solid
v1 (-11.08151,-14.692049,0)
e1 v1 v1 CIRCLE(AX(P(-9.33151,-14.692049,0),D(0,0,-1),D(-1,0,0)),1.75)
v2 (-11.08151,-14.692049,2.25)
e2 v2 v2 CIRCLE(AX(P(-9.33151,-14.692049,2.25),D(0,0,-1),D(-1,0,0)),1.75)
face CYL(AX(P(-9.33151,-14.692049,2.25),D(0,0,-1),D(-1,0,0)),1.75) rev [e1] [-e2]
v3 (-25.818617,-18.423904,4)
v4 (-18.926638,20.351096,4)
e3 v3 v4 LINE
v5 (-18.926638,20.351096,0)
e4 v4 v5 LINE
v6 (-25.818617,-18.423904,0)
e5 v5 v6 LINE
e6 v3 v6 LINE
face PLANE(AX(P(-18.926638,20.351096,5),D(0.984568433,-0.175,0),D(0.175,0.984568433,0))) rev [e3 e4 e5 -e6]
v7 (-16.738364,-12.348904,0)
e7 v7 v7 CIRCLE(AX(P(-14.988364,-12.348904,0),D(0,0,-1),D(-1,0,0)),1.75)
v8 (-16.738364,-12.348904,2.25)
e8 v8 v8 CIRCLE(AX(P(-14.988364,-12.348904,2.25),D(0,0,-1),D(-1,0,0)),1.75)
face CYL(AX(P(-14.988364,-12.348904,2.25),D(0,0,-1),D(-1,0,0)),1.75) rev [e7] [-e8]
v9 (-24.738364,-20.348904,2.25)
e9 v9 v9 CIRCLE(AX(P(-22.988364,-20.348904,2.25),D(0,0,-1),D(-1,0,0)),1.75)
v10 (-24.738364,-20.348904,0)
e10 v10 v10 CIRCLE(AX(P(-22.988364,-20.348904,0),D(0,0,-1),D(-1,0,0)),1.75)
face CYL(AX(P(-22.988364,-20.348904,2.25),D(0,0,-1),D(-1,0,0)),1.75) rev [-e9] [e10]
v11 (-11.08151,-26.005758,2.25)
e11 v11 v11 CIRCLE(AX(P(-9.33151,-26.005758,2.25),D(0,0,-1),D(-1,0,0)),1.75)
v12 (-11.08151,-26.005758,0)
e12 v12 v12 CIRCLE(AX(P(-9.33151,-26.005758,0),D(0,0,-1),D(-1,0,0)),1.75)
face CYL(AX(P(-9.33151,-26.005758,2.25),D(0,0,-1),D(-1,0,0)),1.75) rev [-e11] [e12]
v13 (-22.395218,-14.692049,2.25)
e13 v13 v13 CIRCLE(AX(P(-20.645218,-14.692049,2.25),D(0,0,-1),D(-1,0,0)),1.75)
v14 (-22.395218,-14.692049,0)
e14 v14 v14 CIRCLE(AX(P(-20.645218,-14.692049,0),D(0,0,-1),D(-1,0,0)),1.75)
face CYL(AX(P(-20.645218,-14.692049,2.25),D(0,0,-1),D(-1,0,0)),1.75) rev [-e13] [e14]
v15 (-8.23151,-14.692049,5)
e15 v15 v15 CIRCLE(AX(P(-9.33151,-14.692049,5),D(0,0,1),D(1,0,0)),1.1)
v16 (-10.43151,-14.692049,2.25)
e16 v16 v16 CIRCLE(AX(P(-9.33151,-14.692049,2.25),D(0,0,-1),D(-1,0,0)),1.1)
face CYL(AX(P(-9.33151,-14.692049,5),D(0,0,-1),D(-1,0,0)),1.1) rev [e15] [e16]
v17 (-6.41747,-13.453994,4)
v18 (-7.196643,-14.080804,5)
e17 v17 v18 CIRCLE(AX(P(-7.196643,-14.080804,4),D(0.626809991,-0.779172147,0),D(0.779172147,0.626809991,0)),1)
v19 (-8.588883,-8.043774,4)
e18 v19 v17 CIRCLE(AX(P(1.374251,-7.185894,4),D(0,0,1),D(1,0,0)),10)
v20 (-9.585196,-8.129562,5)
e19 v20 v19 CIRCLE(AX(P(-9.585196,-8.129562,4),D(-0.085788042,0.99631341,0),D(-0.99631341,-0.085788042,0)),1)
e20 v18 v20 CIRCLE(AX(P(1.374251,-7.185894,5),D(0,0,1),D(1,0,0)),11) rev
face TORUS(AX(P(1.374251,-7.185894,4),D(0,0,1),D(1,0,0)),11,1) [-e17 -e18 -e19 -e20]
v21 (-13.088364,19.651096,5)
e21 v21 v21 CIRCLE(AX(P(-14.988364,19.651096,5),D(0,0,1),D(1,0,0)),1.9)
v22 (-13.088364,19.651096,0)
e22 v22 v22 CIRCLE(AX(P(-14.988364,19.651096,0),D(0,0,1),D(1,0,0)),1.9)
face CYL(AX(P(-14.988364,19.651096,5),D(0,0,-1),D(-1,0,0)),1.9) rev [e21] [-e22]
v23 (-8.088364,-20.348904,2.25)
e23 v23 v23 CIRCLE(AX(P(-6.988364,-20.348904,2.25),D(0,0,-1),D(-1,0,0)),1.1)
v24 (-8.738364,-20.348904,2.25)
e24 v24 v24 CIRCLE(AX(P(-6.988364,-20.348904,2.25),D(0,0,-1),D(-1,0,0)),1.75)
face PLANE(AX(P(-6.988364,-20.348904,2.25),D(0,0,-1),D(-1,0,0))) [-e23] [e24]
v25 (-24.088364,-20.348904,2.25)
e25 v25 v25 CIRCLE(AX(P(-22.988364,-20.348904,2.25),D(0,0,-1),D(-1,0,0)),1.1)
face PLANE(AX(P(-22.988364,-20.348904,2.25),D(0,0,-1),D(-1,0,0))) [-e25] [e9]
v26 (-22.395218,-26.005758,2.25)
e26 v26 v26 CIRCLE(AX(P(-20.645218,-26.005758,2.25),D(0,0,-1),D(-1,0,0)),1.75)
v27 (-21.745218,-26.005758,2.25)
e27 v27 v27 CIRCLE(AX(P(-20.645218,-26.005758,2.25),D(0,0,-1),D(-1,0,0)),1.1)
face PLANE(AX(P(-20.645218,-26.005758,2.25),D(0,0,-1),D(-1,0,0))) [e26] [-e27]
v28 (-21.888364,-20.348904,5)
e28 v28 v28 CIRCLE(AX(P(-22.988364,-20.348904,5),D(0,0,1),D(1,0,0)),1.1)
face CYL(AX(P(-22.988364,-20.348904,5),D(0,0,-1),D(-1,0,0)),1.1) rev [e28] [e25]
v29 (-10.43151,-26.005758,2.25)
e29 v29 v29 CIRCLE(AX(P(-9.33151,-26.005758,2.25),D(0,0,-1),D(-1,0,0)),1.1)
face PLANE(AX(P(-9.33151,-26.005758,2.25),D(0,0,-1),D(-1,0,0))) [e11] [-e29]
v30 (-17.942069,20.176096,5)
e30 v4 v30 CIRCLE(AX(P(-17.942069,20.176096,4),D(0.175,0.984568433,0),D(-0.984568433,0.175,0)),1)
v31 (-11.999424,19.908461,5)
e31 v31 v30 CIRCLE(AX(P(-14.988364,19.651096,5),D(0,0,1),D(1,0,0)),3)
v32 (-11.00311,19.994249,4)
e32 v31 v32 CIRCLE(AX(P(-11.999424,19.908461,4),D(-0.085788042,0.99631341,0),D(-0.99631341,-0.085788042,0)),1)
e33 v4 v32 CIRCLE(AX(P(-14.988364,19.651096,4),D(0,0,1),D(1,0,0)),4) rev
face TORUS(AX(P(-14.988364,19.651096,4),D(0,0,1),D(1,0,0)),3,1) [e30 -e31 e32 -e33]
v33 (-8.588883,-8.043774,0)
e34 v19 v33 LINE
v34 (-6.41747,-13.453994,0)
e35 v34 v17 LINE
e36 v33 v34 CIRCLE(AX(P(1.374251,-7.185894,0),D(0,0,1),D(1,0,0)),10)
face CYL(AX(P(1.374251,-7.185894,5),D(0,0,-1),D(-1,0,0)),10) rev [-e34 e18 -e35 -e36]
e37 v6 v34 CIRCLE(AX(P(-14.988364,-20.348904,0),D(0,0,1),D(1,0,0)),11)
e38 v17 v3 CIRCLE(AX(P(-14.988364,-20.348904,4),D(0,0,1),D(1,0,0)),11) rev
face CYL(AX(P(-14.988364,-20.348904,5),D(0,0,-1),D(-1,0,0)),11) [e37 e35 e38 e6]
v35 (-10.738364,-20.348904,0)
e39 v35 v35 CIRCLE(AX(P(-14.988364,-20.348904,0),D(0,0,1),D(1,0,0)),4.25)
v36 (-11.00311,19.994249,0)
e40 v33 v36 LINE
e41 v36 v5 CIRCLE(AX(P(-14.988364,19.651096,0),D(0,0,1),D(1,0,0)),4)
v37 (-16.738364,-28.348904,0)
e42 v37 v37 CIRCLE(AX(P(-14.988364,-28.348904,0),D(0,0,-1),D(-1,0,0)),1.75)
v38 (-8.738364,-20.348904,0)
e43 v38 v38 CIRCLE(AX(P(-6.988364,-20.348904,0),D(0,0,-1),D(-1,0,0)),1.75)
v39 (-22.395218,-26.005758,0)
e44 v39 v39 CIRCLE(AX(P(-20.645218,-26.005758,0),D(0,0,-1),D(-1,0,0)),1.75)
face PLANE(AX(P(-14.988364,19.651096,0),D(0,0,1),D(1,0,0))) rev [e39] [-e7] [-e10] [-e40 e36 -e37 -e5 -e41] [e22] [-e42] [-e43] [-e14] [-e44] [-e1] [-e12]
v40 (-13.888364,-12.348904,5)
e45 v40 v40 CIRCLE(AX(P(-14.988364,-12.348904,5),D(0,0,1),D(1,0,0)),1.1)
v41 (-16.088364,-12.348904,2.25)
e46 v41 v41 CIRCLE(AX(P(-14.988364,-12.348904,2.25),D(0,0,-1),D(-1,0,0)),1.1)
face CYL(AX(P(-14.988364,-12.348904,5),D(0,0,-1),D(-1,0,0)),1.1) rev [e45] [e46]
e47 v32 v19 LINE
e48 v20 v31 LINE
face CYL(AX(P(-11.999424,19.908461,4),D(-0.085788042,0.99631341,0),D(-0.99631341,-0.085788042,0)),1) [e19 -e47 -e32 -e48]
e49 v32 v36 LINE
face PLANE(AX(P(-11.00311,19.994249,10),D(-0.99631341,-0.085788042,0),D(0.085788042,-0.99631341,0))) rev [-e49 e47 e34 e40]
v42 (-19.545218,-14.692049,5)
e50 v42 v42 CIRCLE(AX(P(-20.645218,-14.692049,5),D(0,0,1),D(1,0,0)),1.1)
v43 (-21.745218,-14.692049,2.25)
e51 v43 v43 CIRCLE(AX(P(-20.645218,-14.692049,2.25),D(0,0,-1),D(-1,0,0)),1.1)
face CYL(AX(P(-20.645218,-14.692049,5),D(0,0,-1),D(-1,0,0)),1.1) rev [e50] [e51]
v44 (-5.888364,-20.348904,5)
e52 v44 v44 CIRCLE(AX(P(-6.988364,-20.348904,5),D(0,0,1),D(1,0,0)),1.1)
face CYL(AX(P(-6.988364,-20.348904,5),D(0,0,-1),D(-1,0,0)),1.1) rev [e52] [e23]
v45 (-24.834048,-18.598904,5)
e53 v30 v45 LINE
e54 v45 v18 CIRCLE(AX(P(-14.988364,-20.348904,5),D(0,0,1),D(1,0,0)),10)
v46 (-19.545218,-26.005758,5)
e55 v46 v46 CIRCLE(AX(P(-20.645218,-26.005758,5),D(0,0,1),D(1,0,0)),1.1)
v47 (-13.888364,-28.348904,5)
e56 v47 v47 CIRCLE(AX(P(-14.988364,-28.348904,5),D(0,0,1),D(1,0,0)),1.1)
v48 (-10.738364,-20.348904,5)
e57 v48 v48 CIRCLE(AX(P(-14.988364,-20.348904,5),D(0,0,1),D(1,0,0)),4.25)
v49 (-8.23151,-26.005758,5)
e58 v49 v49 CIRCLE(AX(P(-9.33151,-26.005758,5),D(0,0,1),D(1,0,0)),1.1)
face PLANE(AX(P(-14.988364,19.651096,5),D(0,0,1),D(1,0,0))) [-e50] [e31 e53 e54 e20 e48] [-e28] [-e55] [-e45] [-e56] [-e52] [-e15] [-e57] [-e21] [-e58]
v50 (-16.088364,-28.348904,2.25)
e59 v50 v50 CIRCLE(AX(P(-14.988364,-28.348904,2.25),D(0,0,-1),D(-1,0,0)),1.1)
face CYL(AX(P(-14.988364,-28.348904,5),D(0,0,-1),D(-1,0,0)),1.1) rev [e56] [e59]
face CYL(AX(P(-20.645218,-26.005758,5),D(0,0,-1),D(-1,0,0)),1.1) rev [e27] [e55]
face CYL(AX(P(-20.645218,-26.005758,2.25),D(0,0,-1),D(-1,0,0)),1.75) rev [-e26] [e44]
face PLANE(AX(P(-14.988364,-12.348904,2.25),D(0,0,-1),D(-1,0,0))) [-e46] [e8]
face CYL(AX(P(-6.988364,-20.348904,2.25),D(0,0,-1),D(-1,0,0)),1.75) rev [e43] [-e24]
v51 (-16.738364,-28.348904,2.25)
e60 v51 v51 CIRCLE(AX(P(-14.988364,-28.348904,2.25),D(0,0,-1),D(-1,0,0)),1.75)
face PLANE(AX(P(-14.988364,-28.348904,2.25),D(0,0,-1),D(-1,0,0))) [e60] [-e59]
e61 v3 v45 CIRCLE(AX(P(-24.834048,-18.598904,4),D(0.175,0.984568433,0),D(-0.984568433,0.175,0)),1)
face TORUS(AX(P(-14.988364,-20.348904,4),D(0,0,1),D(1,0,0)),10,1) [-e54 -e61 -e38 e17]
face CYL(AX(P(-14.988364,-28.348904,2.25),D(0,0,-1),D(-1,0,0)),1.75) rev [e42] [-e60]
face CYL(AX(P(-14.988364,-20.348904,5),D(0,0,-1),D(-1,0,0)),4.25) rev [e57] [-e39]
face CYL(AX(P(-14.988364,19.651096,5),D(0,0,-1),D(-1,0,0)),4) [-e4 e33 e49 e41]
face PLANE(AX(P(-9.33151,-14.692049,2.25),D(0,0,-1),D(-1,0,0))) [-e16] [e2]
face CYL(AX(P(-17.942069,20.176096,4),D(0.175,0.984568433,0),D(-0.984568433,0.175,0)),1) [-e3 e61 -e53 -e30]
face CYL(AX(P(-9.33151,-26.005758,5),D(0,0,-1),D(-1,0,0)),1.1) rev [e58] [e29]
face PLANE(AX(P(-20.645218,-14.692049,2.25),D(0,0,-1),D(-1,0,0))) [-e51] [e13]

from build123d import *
from build123d.topology import SkipClean

# Parameters (mm, degrees)
SKETCH1_R             = 1.9
SKETCH1_R_2           = 4.25
SKETCH1_R_3           = 1.1
BOSS_EXTRUDE1_DEPTH   = 5
SKETCH4_R             = 1.75
CUT_EXTRUDE3_DEPTH    = 2.25
CORTAR_EXTRUIR1_DEPTH = 10
REDONDEO1_R           = 10
REDONDEO3_R           = 1


with BuildPart() as part:
    # Sketch1 → Boss-Extrude1 (new body)
    with BuildSketch(Plane.XY):
        with BuildLine():
            Line((-18.926637777, 20.351096398), (-25.818616811, -18.423903602))
            ThreePointArc((-25.818616811, -18.423903602), (-14.988364044, -31.348903602), (-4.158111277, -18.423903602))
            Line((-4.158111277, -18.423903602), (-11.05009031, 20.351096398))
            ThreePointArc((-11.05009031, 20.351096398), (-14.988364044, 23.651096398), (-18.926637777, 20.351096398))
        make_face()
        with Locations((-14.988364044, 19.651096398)):
            Circle(SKETCH1_R, mode=Mode.SUBTRACT)
        with Locations((-14.988364044, -20.348903602)):
            Circle(SKETCH1_R_2, mode=Mode.SUBTRACT)
        with Locations((-6.988364044, -20.348903602)):
            Circle(SKETCH1_R_3, mode=Mode.SUBTRACT)
        with Locations((-9.331509794, -26.005757851)):
            Circle(SKETCH1_R_3, mode=Mode.SUBTRACT)
        with Locations((-14.988364044, -28.348903602)):
            Circle(SKETCH1_R_3, mode=Mode.SUBTRACT)
        with Locations((-20.645218293, -26.005757851)):
            Circle(SKETCH1_R_3, mode=Mode.SUBTRACT)
        with Locations((-22.988364044, -20.348903602)):
            Circle(SKETCH1_R_3, mode=Mode.SUBTRACT)
        with Locations((-20.645218293, -14.692049352)):
            Circle(SKETCH1_R_3, mode=Mode.SUBTRACT)
        with Locations((-14.988364044, -12.348903602)):
            Circle(SKETCH1_R_3, mode=Mode.SUBTRACT)
        with Locations((-9.331509794, -14.692049352)):
            Circle(SKETCH1_R_3, mode=Mode.SUBTRACT)
    extrude(amount=BOSS_EXTRUDE1_DEPTH)

    # Sketch4 → Cut-Extrude3 (cut)
    with BuildSketch(Plane(origin=(0, 0, 0), x_dir=(-1, 0, 0), z_dir=(0, 0, -1))):
        with Locations((22.988364044, -20.348903602)):
            Circle(SKETCH4_R)
        with Locations((20.645218293, -26.005757851)):
            Circle(SKETCH4_R)
        with Locations((14.988364044, -28.348903602)):
            Circle(SKETCH4_R)
        with Locations((9.331509794, -26.005757851)):
            Circle(SKETCH4_R)
        with Locations((6.988364044, -20.348903602)):
            Circle(SKETCH4_R)
        with Locations((9.331509794, -14.692049352)):
            Circle(SKETCH4_R)
        with Locations((14.988364044, -12.348903602)):
            Circle(SKETCH4_R)
        with Locations((20.645218293, -14.692049352)):
            Circle(SKETCH4_R)
    extrude(amount=-CUT_EXTRUDE3_DEPTH, mode=Mode.SUBTRACT)

    # Croquis1 → Cortar-Extruir1 (cut)
    with SkipClean():  # the faces are left unmerged after this step: merging them gives an invalid solid
        with BuildSketch(Plane(origin=(0, 0, 0), x_dir=(-1, 0, 0), z_dir=(0, 0, -1))):
            with BuildLine():
                Line((11.003110402, 19.994248567), (8.279982388, -11.631242473))
                ThreePointArc((8.279982388, -11.631242473), (5.584323122, -14.642414809), (4.158111277, -18.423903602))
                Line((4.158111277, -18.423903602), (11.05009031, 20.351096398))
                ThreePointArc((11.05009031, 20.351096398), (11.022584598, 20.173201167), (11.003110402, 19.994248567))
            make_face()
        extrude(amount=-CORTAR_EXTRUIR1_DEPTH, mode=Mode.SUBTRACT)

    # Redondeo1
    redondeo1_edges = [part.edges().sort_by_distance(p)[0] for p in [
        (-8.279982388, -11.631242473, 2.5),
    ]]
    fillet(redondeo1_edges, radius=REDONDEO1_R)

    # Redondeo3
    redondeo3_edges = [part.edges().sort_by_distance(p)[0] for p in [
        (-14.988364044, -31.348903602, 5),
        (-9.795996729, 5.975237179, 5),
        (-7.906176898, -10.910629635, 5),
        (-14.988364044, 23.651096398, 5),
        (-22.372627294, 0.963596398, 5),
    ]]
    fillet(redondeo3_edges, radius=REDONDEO3_R)


solid = part.part
